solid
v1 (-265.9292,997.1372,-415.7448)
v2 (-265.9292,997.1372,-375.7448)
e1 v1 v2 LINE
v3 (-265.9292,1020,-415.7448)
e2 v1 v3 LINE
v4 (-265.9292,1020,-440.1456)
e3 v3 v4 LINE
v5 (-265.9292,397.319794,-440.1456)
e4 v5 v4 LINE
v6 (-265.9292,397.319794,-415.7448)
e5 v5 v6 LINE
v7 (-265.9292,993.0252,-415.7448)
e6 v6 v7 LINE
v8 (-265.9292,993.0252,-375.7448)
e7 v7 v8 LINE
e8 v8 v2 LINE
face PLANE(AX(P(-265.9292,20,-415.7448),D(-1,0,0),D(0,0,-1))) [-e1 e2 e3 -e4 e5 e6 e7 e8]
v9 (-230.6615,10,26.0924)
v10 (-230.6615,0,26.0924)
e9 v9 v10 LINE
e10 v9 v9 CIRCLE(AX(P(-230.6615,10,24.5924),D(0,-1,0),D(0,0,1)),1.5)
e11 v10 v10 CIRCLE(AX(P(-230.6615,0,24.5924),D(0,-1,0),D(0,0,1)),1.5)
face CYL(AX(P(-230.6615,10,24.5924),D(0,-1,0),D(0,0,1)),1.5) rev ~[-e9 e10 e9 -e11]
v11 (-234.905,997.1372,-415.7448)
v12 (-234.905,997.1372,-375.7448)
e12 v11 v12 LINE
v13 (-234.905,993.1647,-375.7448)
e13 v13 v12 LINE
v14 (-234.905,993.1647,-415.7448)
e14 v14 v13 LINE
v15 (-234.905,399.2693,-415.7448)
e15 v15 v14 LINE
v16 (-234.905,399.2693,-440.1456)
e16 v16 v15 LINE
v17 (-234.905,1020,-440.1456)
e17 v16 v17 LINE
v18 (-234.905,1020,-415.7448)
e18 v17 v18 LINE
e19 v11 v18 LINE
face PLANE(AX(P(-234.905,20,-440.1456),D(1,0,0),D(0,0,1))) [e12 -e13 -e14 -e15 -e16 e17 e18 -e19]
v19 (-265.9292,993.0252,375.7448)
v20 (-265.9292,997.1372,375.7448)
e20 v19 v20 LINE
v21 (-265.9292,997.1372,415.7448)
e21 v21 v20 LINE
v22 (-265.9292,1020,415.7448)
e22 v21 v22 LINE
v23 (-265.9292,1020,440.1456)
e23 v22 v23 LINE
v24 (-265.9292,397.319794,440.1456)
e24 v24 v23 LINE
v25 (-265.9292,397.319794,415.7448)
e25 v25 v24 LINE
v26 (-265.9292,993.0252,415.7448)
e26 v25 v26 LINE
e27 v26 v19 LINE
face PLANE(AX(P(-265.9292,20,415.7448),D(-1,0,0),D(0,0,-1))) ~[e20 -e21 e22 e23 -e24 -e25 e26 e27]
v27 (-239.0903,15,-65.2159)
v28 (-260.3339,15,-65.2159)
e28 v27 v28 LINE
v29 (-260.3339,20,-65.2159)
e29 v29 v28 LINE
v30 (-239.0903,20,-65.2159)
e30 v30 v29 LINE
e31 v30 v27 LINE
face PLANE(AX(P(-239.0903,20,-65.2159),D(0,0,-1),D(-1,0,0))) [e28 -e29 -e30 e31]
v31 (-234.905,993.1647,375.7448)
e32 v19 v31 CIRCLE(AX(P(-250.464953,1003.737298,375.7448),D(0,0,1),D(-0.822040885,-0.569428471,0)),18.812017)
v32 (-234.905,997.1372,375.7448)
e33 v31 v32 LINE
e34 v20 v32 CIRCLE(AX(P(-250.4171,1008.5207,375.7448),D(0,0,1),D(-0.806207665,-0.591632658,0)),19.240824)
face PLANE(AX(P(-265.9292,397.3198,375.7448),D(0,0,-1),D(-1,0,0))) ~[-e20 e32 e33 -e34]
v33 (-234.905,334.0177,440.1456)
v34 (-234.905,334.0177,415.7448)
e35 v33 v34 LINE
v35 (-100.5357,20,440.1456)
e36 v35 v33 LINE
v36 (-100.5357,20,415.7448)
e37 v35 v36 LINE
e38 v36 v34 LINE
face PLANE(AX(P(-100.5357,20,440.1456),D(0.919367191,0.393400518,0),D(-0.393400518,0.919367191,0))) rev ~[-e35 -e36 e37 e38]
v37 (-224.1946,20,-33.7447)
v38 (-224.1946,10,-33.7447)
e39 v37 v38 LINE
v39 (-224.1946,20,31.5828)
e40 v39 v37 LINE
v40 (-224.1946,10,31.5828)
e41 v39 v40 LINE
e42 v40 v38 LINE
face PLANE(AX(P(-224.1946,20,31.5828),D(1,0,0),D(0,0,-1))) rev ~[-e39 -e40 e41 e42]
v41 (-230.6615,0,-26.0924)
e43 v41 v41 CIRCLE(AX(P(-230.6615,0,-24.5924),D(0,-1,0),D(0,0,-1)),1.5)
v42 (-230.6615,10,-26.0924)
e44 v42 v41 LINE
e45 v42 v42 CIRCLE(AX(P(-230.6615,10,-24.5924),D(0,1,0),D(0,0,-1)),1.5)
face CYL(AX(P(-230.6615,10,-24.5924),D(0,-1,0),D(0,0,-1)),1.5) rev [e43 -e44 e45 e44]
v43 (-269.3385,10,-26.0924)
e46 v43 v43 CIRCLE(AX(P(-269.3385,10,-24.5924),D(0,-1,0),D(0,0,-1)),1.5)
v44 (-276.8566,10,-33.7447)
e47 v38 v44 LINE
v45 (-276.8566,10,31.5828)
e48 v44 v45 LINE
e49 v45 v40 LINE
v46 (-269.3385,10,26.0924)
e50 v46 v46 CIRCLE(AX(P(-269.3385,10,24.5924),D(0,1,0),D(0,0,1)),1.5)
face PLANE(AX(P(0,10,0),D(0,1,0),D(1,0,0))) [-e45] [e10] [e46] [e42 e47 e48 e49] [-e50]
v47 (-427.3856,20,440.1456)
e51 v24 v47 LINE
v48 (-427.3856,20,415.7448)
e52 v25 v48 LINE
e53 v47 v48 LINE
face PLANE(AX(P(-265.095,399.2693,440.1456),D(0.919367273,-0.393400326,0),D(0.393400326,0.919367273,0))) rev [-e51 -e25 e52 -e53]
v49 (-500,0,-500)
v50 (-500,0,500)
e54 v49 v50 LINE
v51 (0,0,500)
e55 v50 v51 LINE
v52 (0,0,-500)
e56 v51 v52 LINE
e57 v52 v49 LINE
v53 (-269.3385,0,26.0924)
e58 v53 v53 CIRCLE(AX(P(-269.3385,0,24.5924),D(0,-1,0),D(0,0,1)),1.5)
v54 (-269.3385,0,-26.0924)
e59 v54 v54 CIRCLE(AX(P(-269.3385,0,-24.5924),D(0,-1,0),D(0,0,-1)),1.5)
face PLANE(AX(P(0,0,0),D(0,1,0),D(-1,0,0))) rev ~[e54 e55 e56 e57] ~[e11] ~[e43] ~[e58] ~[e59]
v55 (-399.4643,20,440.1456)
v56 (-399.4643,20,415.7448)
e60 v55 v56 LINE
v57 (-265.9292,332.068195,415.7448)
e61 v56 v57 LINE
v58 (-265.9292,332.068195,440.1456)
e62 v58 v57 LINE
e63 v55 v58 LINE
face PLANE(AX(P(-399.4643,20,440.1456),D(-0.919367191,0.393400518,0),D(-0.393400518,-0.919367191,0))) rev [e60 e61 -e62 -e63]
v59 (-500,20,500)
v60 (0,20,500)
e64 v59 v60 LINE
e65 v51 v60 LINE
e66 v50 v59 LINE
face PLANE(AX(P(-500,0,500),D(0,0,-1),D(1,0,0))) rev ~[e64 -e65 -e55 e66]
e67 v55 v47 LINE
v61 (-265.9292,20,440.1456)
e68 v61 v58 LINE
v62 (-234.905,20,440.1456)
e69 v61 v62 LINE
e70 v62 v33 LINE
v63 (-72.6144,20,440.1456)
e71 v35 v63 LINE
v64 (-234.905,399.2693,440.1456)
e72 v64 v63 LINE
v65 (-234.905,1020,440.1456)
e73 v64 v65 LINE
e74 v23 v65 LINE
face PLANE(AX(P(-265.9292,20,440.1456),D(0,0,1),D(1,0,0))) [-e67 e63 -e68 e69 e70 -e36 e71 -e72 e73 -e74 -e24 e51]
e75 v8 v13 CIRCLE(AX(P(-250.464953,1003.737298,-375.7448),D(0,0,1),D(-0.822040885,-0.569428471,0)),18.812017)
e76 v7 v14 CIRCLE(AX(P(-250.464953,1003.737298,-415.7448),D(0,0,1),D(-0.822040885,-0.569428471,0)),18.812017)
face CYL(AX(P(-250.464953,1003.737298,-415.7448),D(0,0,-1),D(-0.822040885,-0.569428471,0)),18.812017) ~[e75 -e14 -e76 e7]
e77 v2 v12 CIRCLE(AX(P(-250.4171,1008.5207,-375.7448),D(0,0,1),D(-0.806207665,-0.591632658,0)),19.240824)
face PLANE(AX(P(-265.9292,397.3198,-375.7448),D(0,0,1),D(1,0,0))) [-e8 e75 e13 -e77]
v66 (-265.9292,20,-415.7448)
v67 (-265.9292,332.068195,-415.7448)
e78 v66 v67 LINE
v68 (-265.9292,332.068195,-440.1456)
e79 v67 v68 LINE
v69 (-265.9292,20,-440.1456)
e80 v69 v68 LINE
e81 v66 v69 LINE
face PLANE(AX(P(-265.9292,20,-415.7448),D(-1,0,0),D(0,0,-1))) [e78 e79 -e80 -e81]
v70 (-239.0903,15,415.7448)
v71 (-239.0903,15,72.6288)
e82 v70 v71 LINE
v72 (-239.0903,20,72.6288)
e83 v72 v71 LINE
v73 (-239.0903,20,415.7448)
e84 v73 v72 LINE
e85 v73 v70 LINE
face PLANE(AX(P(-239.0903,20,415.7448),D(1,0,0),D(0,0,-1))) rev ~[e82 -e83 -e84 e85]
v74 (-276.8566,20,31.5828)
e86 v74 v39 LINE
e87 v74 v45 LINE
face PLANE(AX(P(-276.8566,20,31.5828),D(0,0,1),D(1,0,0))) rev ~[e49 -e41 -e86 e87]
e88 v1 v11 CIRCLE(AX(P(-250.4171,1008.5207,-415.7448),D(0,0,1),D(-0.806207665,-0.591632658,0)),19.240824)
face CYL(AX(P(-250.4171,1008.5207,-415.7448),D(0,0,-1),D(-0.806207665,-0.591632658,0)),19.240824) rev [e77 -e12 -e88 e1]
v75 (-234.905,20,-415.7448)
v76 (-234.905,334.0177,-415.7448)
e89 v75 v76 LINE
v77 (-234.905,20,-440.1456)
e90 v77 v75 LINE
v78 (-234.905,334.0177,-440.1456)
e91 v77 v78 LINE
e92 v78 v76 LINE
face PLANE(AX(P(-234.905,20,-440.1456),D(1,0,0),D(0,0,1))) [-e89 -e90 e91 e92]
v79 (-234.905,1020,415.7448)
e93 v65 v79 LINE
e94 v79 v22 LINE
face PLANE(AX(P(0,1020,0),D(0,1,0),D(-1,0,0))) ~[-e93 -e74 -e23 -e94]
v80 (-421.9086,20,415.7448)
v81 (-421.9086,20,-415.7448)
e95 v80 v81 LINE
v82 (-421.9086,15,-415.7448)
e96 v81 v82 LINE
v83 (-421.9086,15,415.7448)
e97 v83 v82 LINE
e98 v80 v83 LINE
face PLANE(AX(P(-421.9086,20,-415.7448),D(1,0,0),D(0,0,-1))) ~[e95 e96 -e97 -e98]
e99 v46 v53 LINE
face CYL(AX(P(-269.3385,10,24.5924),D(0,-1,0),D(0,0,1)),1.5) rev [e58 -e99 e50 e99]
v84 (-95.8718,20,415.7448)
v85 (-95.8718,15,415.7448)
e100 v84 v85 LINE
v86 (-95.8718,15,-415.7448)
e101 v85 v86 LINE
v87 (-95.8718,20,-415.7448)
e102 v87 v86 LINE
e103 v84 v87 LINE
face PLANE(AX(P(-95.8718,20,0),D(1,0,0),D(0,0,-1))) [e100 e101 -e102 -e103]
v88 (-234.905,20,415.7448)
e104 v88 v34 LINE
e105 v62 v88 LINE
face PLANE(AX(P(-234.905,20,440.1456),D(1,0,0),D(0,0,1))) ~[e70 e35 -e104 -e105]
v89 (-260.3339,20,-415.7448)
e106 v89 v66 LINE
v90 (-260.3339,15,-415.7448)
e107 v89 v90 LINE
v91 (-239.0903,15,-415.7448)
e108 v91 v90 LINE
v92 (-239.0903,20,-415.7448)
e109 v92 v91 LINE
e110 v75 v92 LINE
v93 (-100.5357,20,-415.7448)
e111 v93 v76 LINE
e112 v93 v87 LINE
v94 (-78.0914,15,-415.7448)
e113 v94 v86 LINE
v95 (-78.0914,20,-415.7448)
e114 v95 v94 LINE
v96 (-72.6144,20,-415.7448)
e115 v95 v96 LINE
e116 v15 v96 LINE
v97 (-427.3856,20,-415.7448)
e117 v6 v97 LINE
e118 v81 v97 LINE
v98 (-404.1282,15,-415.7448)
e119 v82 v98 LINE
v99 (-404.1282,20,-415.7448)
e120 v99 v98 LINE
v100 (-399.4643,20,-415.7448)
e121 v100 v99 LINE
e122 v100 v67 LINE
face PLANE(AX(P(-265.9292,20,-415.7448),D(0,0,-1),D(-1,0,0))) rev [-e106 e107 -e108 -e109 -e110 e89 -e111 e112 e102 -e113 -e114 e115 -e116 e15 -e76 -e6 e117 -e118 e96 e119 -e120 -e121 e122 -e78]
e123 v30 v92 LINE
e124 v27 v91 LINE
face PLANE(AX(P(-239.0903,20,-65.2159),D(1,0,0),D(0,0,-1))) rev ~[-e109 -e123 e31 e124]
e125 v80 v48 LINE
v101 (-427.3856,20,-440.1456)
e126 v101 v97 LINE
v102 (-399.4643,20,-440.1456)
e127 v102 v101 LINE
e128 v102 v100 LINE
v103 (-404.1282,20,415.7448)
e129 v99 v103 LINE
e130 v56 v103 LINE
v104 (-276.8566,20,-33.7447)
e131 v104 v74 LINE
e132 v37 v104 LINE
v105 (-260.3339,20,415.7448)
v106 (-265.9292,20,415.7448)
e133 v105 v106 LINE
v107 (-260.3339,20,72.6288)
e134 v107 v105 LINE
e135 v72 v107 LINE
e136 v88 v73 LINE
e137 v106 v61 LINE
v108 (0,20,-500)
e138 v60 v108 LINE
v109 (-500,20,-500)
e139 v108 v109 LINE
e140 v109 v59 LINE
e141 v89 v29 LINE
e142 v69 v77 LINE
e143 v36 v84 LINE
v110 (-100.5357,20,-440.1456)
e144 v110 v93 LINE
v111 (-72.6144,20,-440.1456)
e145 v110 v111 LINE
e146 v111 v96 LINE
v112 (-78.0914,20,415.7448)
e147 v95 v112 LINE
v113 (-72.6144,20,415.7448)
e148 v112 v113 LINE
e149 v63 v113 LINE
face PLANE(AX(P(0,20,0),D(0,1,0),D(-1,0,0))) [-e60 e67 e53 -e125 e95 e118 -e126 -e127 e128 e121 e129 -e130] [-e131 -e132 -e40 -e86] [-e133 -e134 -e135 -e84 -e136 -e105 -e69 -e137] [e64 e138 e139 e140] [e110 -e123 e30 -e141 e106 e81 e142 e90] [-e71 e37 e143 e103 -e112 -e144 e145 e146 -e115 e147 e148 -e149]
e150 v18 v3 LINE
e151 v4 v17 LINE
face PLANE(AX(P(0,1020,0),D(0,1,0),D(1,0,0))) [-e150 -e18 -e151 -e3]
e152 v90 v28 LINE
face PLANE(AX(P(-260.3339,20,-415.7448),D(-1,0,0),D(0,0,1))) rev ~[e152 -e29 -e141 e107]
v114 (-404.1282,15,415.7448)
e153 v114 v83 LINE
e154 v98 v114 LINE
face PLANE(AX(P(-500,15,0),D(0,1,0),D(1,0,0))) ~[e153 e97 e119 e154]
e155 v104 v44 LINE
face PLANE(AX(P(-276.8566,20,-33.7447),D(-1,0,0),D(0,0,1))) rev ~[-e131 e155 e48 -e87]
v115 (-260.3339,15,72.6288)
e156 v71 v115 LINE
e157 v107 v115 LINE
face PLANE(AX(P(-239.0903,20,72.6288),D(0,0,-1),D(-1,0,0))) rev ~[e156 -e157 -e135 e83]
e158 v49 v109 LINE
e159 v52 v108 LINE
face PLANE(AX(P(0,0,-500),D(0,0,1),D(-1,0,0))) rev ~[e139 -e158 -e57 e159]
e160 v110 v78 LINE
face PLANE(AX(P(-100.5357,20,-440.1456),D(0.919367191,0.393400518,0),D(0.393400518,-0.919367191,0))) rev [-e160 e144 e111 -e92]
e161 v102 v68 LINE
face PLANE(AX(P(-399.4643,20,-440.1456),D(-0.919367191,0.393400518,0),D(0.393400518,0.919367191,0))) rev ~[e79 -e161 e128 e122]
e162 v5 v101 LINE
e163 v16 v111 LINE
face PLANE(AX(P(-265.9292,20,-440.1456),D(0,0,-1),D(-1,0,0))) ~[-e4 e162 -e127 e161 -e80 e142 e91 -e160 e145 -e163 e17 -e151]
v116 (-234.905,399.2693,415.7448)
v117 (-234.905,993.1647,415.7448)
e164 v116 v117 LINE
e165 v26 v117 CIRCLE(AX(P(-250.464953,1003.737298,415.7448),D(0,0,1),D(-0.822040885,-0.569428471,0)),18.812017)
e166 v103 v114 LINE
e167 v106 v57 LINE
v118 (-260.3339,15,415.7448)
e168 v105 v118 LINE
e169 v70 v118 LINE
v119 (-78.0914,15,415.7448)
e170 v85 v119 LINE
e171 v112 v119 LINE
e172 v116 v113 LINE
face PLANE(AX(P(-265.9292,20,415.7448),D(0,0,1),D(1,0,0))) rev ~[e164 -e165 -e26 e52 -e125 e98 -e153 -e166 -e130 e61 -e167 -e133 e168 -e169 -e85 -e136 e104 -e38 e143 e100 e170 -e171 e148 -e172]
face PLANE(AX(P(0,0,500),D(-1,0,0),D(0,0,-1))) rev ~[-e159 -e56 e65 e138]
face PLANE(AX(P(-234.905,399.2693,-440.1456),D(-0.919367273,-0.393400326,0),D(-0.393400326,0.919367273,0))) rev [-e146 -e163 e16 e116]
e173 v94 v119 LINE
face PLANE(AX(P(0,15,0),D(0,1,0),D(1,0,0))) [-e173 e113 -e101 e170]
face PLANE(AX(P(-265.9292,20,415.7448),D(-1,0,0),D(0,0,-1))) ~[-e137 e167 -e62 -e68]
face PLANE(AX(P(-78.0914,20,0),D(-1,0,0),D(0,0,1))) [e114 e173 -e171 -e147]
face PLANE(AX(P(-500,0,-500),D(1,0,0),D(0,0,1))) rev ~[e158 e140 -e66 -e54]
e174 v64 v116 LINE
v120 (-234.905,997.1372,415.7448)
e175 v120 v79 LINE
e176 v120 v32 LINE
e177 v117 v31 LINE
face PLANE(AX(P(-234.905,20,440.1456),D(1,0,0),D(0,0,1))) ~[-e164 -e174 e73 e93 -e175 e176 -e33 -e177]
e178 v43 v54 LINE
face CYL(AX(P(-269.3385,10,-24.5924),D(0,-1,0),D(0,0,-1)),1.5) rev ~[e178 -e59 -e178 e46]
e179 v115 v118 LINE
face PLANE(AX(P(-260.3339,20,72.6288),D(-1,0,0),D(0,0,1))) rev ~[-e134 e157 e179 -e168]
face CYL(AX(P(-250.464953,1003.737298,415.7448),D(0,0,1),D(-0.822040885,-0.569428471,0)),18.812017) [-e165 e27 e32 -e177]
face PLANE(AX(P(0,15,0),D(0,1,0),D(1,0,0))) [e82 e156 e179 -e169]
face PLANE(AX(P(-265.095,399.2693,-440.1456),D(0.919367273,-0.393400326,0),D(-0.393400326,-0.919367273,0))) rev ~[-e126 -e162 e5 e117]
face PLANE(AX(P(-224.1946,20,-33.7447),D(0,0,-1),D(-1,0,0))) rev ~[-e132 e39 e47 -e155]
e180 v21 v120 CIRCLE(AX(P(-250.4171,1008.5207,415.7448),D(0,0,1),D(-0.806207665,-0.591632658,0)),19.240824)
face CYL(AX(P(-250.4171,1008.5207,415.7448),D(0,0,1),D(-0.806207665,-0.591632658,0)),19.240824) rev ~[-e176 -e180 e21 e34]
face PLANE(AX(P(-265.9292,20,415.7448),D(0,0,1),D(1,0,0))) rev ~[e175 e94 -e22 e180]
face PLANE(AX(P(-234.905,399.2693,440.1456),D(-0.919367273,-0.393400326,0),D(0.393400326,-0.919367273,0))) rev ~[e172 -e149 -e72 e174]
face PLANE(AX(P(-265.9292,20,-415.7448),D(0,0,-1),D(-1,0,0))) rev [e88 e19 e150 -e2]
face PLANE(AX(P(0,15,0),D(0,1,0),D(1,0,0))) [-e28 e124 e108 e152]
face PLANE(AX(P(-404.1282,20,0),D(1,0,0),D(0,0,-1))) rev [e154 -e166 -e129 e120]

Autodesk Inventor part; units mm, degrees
ref_plane "YZ Plane" through (0, 0, 0) normal (1, 0, 0) x (0, 1, 0)
ref_plane "XZ Plane" through (0, 0, 0) normal (0, 1, 0) x (-1, 0, 0)
sketch "Boceto1" plane through (0, 0, 0) normal (0, 1, 0) x (-1, 0, 0)
  line L0 (0, 0) -> (0, -500) construction
  line L1 (0, -500) -> (500, -500) construction
  line L2 (500, -500) -> (500, 500) construction
  line L3 (500, 500) -> (0, 500) construction
  line L4 (0, 500) -> (0, 0) construction
  line L5 (500, 500) -> (0, 500)
  line L6 (0, 500) -> (0, -500)
  line L7 (0, -500) -> (500, -500)
  line L8 (500, -500) -> (500, 500)
  dimension "d0" = 500
  dimension "d1" = 500
  dimension "d2" = 1000
extrude "Extrusión1" add sketch "Boceto1" along normal blind 20
sketch "Boceto2" plane through (0, 20, 0) normal (0, 1, 0) x (1, 0, 0)
  line L0 (0, 500) -> (-500, 500) construction
  line L1 (-250, 500) -> (-250, -500) construction
  line L2 (-500, -500) -> (0, -500) construction
  line L3 (-265.9292, 440.1456) -> (-234.905, 440.1456)
  line L4 (-234.905, 440.1456) -> (-234.905, 415.7448)
  line L5 (-234.905, 415.7448) -> (-265.9292, 415.7448)
  line L6 (-265.9292, 415.7448) -> (-265.9292, 440.1456)
  point P0 (0, 0)
extrude "Extrusión2" add sketch "Boceto2" along normal blind 1000
mirror "Simetría1" about plane through (0, 0, 0) normal (0, 0, 1) of "Extrusión2"
sketch "Boceto4" plane through (-265.9292, 20, 440.1456) normal (0, 0, 1) x (1, 0, 0)
  line L0 (31.0242, 0) -> (31.0242, 1000) construction
  line L1 (31.0242, 379.2693) -> (193.3148, 0) construction
  line L2 (31.0242, 314.0177) -> (165.3935, 0) construction
  line L3 (-234.0708, 0) -> (265.9292, 0) construction
  line L4 (31.0242, 379.2693) -> (193.3148, 0)
  line L5 (165.3935, 0) -> (31.0242, 314.0177)
  line L6 (31.0242, 379.2693) -> (31.0242, 314.0177)
  line L7 (165.3935, 0) -> (193.3148, 0)
  point P0 (265.9292, -20)
extrude "Extrusión3" add sketch "Boceto4" against normal up to surface (24.4008 mm away)
ref_plane "Plano de trabajo1" through (-250, 0, 500) normal (1, 0, 0) x (0, 0, -1)
mirror "Simetría2" about plane through (-250, 0, 500) normal (1, 0, 0) of "Extrusión3"
mirror "Simetría3" about plane through (0, 0, 0) normal (0, 0, 1) of "Extrusión3", "Simetría2"
sketch "Boceto5" plane through (0, 20, 0) normal (0, 1, 0) x (1, 0, 0)
  line L0 (-72.6144, 415.7448) -> (-234.905, 415.7448) construction
  line L1 (-78.0914, 415.7448) -> (-78.0914, 405.899) construction
  line L2 (-95.8718, 415.7448) -> (-95.8718, 405.899) construction
  line L3 (-78.0914, 415.7448) -> (-95.8718, 415.7448)
  line L4 (-95.8718, 0) -> (-95.8718, 415.7448)
  line L5 (-78.0914, 415.7448) -> (-78.0914, 0)
  line L6 (-78.0914, 0) -> (-78.0914, -415.7448)
  line L7 (-100.5357, -415.7448) -> (-72.6144, -415.7448) projected
  line L8 (-95.8718, 0) -> (-95.8718, -415.7448)
  line L9 (-78.0914, -415.7448) -> (-95.8718, -415.7448)
  point P0 (0, 0)
extrude "Extrusión4" cut sketch "Boceto5" against normal blind 5
mirror "Simetría4" about plane through (-250, 0, 500) normal (1, 0, 0) of "Extrusión4"
sketch "Boceto6" plane through (0, 20, 0) normal (0, 1, 0) x (1, 0, 0)
  line L0 (-265.9292, 415.7448) -> (-234.905, 415.7448) construction
  line L1 (-239.0903, 415.7448) -> (-239.0903, 391.5107) construction
  line L2 (-260.3339, 415.7448) -> (-260.3339, 390.2687) construction
  line L3 (-265.9292, -415.7448) -> (-234.905, -415.7448) construction
  line L4 (-239.0903, 415.7448) -> (-260.3339, 415.7448) construction
  line L5 (-260.3339, -415.7448) -> (-239.0903, -415.7448) construction
  line L6 (-239.0903, -415.7448) -> (-260.3339, -415.7448)
  line L7 (-239.0903, 415.7448) -> (-260.3339, 415.7448)
  line L8 (-239.0903, 65.2159) -> (-260.3339, 65.2159)
  line L9 (-239.0903, -72.6288) -> (-260.3339, -72.6288)
  line L10 (-239.0903, -415.7448) -> (-239.0903, -72.6288)
  line L11 (-239.0903, 65.2159) -> (-239.0903, 415.7448)
  line L12 (-260.3339, 415.7448) -> (-260.3339, 65.2159)
  line L13 (-260.3339, -72.6288) -> (-260.3339, -415.7448)
  point P0 (0, 0)
extrude "Extrusión5" cut sketch "Boceto6" against normal blind 5
sketch "Boceto7" plane through (0, 20, 0) normal (0, 1, 0) x (1, 0, 0)
  line L0 (-224.1946, 33.7447) -> (-276.8566, 33.7447)
  line L1 (-276.8566, 33.7447) -> (-276.8566, -31.5828)
  line L2 (-276.8566, -31.5828) -> (-224.1946, -31.5828)
  line L3 (-224.1946, -31.5828) -> (-224.1946, 33.7447)
  point P0 (0, 0)
extrude "Extrusión6" cut sketch "Boceto7" against normal blind 10
sketch "Boceto8" plane through (0, 10, 0) normal (0, 1, 0) x (1, 0, 0)
  point P0 (0, 0)
  point P1 (-230.6615, -24.5924)
hole "Agujero1" at (-230.6615, 10, 24.5924) direction (0, -1, 0) diameter 3 end through all
mirror "Simetría5" about plane through (-250, 0, 500) normal (1, 0, 0) of "Agujero1"
mirror "Simetría6" about plane through (0, 0, 0) normal (0, 0, 1) of "Agujero1", "Simetría5"
sketch "Boceto9" plane through (-265.9292, 397.3198, -415.7448) normal (0, 0, 1) x (1, 0, 0)
  line L0 (0, 0) -> (0, 622.6802) projected
  line L1 (31.0242, 1.9495) -> (31.0242, 622.6802) projected
  arc A0 (0, 595.7054) -> (31.0242, 595.8449) centre (15.4643, 606.4176) ccw
  line L2 (0, 595.7054) -> (0, 599.8174)
  line L3 (31.0242, 595.8449) -> (31.0242, 599.8174)
  arc A1 (0, 599.8174) -> (31.0242, 599.8174) centre (15.5121, 611.2009) ccw
  point P0 (265.9292, -397.3198)
extrude "Extrusión7" add sketch "Boceto9" along normal blind 40
mirror "Simetría7" about plane through (0, 0, 0) normal (0, 0, 1) of "Extrusión7"
properties part number "Structure_provisional"
